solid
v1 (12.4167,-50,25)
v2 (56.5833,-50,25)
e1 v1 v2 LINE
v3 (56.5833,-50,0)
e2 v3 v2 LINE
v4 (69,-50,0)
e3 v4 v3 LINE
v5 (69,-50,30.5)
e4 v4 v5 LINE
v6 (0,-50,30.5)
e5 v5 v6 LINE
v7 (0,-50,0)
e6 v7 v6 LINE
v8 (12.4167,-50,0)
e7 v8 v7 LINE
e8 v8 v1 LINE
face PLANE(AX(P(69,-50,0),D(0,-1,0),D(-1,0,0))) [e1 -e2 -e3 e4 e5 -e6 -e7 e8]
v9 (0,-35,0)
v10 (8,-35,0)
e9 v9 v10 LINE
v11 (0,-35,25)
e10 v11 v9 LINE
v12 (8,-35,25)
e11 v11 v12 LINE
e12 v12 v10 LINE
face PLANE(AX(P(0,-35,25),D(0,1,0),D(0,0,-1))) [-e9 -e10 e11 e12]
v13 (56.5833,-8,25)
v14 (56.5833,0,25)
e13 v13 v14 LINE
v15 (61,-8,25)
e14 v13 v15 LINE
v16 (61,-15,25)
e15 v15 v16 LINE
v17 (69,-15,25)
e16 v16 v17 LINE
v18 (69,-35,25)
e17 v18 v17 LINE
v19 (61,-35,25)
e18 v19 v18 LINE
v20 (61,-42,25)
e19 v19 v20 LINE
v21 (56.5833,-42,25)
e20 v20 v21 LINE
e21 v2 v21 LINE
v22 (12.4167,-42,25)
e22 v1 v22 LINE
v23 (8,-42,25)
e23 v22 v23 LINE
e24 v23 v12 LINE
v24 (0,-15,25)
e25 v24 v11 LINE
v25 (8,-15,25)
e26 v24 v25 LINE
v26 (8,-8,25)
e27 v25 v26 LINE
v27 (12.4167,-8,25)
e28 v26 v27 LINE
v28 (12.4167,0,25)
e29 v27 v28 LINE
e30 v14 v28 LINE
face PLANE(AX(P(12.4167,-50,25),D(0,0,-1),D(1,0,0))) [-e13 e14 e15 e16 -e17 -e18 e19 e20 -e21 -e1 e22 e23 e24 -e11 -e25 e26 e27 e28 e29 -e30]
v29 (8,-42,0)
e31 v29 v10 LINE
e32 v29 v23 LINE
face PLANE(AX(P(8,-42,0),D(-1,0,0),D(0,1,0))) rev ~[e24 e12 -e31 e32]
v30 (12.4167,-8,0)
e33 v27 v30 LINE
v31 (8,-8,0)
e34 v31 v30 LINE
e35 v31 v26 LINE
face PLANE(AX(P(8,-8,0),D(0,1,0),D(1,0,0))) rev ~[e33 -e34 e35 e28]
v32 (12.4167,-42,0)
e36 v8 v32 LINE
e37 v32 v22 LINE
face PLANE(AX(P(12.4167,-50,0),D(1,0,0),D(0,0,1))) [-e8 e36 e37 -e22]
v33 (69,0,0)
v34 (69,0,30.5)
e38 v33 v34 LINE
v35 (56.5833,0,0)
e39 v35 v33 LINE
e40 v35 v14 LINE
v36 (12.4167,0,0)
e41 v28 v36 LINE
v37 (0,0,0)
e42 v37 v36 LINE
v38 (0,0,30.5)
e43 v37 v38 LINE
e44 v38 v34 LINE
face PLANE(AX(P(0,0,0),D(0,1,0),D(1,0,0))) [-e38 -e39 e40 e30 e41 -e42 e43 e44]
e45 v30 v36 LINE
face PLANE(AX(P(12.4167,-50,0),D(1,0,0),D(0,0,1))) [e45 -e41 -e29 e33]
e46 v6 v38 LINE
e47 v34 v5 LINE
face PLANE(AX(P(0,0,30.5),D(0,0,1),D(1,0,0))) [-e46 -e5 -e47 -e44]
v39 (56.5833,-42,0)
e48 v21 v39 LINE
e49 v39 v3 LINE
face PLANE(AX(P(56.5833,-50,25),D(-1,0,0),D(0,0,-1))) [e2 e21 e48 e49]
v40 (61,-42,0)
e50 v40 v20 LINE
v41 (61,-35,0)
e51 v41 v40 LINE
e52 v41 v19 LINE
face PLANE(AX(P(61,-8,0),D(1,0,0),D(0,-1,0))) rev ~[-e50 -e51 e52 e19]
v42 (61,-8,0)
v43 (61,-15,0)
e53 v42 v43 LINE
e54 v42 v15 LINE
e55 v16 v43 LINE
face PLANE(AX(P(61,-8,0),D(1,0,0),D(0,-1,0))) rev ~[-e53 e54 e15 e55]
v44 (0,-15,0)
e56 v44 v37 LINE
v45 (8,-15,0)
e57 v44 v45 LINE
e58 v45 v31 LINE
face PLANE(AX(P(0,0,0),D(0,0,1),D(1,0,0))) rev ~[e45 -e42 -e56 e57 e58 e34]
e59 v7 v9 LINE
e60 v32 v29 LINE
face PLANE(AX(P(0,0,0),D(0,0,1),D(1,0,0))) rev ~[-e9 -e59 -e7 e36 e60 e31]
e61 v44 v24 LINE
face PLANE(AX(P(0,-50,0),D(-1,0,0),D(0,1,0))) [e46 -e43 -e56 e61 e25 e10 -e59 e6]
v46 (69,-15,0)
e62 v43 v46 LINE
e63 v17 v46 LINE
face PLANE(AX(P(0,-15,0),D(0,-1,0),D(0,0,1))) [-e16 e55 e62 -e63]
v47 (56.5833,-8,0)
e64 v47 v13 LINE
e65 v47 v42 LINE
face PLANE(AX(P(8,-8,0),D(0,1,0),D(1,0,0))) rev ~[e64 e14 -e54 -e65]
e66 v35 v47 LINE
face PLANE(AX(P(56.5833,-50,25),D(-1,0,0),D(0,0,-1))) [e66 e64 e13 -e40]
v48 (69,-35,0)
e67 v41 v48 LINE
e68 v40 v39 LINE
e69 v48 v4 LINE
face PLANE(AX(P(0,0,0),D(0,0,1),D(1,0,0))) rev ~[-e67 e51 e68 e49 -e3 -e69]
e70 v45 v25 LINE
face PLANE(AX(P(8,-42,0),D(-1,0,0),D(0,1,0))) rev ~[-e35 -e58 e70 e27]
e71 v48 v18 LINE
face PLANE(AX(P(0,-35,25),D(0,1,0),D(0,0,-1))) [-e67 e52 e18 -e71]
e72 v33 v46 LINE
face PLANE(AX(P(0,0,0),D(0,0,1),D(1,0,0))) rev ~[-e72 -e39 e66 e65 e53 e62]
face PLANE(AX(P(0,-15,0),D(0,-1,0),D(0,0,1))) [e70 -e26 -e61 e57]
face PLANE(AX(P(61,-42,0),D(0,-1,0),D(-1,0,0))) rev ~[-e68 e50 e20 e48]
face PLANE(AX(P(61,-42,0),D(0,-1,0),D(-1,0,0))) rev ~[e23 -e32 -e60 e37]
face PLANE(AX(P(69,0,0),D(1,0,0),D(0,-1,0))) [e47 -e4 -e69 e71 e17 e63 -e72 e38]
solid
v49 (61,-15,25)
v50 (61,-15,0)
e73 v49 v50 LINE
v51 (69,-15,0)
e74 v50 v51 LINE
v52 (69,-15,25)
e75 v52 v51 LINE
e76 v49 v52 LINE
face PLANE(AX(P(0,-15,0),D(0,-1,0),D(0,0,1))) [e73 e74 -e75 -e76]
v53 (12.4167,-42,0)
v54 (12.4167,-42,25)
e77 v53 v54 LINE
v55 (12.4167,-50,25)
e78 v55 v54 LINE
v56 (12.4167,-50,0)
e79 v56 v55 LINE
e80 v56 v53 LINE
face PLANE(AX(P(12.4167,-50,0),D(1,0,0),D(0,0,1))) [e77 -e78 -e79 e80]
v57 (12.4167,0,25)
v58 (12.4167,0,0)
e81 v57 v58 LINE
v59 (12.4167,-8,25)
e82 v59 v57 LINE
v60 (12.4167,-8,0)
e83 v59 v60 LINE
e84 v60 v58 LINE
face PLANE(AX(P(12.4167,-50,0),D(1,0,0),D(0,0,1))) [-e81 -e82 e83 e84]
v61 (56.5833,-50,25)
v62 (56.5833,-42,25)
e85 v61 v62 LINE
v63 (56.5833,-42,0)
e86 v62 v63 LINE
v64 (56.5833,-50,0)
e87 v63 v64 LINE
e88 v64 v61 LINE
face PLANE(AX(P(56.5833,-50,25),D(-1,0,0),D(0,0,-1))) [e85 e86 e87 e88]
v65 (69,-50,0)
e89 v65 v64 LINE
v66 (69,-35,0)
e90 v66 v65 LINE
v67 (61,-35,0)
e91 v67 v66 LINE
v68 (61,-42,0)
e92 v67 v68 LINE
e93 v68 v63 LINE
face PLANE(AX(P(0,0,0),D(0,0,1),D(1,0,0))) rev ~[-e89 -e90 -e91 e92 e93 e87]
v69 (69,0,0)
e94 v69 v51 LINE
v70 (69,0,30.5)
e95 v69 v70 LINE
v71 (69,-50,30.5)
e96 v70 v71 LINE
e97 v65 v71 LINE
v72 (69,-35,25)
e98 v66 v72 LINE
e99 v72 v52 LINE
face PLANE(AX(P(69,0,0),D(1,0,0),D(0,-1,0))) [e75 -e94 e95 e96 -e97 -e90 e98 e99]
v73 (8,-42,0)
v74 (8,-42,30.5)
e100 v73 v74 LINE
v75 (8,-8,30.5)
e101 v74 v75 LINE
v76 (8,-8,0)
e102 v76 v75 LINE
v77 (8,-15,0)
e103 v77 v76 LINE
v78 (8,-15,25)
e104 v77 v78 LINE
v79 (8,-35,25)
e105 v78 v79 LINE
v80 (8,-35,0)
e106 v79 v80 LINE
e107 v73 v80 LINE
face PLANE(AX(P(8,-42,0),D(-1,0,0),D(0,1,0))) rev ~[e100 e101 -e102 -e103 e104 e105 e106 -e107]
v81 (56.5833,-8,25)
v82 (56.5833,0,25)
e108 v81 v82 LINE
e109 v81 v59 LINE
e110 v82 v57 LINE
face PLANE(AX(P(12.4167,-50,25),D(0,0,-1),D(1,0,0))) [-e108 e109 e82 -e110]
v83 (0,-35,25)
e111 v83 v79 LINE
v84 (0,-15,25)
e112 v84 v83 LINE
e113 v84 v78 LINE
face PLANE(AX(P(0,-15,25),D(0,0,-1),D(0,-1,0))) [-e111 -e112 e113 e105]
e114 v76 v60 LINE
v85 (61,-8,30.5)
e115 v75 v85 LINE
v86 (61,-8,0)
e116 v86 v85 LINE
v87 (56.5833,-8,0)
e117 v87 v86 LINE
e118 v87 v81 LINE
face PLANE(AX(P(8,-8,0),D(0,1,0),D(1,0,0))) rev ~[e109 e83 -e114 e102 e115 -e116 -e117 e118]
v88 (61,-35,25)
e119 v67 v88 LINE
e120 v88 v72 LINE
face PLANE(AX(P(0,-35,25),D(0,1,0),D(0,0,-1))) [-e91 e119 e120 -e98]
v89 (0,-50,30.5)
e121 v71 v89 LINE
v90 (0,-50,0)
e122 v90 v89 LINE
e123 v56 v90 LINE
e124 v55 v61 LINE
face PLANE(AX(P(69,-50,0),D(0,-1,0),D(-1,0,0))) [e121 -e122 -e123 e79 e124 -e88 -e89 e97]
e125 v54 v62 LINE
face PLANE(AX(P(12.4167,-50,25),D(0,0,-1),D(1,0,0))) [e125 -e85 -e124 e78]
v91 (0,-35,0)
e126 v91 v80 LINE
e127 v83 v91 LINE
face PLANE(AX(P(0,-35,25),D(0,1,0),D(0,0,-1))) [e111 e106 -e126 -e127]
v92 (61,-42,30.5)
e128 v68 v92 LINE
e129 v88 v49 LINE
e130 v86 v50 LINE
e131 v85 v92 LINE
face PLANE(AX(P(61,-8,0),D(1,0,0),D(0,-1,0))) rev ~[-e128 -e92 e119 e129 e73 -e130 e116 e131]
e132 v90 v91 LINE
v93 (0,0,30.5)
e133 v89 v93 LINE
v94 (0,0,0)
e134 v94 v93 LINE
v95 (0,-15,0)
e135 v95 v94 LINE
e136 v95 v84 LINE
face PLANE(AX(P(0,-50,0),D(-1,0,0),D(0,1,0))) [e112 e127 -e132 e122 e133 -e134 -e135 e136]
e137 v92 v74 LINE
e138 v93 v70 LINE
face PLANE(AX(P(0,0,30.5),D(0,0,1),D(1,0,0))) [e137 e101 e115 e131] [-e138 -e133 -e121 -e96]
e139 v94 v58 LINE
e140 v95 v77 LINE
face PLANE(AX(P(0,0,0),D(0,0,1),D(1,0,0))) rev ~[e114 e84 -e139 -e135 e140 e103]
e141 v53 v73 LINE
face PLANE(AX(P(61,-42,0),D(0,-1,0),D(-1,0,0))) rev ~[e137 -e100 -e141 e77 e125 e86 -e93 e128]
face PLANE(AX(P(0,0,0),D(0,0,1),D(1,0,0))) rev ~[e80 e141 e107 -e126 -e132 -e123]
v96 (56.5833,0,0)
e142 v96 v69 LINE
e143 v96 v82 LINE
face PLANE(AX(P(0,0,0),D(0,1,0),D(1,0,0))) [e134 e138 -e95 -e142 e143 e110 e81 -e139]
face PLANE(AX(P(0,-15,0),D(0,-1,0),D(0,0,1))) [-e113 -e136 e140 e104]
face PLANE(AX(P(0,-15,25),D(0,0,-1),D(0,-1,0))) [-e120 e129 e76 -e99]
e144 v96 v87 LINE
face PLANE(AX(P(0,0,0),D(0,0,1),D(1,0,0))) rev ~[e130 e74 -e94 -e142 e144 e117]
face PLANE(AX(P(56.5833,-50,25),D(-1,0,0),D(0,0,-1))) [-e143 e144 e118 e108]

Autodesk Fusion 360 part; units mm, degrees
sketch "Sketch1" plane through (0, 0, 0) normal (0, 0, 1) x (1, 0, 0)
  line L0 (0, 0) -> (69, 0)
  line L1 (69, 0) -> (69, -50)
  line L2 (69, -50) -> (0, -50)
  line L3 (0, -50) -> (0, 0)
  line L4 (8, -8) -> (61, -8)
  line L5 (61, -8) -> (61, -42)
  line L6 (61, -42) -> (8, -42)
  line L7 (8, -42) -> (8, -8)
  dimension "d7" = 69
  dimension "d8" = 50
  dimension "d15" = 34
  dimension "d16" = 53
  dimension "d17" = 8
  dimension "d18" = 8
extrude "Extrude2" add sketch "Sketch1" along normal blind 30.5 makes body 1
extrude "Extrude1" add sketch "Sketch1" along normal blind 30.5 separate body contours L0 L1 L2 L3 | L4 L5 L6 L7 makes body 2
extrude "Extrude3" cut sketch "Sketch1" along normal blind 25 contours L4 L5 L6 L7 bodies 2
sketch "Sketch3" plane through (0, -50, 0) normal (0, -1, 0) x (1, 0, 0)
  line L0 (0, 0) -> (69, 0)
  line L1 (69, 0) -> (69, 30.5)
  line L2 (69, 30.5) -> (0, 30.5)
  line L3 (0, 30.5) -> (0, 0)
  line L4 (12.4167, 25) -> (56.5833, 25)
  line L5 (56.5833, 25) -> (56.5833, -5.5)
  line L6 (56.5833, -5.5) -> (12.4167, -5.5)
  line L7 (12.4167, -5.5) -> (12.4167, 25)
  dimension "d26" = 44.1667
  dimension "d27" = 30.5
  dimension "d28" = 5.5
  dimension "d32" = 12.4167
extrude "Extrude4" cut sketch "Sketch3" against normal blind 100 contours L0 L4 L5 L7 | L0 L5 L6 L7 bodies 1 2
sketch "Sketch4" plane through (0, 0, 0) normal (-1, 0, 0) x (0, -1, 0)
  line L0 (0, 0) -> (50, 0)
  line L1 (50, 0) -> (50, 30.5)
  line L2 (50, 30.5) -> (0, 30.5)
  line L3 (0, 30.5) -> (0, 0)
  line L4 (15, 25) -> (35, 25)
  line L5 (35, 25) -> (35, 0)
  line L6 (35, 0) -> (15, 0)
  line L7 (15, 0) -> (15, 25)
  line L8 (50, 0) -> (0, 0)
  line L9 (50, -5.5) -> (50, 25)
  dimension "d36" = 20
  dimension "d37" = 25
  dimension "d40" = 15
  dimension "d43" = 5.5
extrude "Extrude5" cut sketch "Sketch4" against normal blind 113 contours L0 L4 L5 L6 L7 L8 bodies 1 2
equation "bottom_thickness = 5.5 mm"
equation "side_thickness = 8 mm"
equation "outer_width = inner_width + 2 * side_thickness"
equation "height = 25 mm + bottom_thickness"
equation "outer_length = inner_length + 2 * side_thickness"
equation "inner_length = 53 mm"
equation "d7 = outer_length"
equation "d8 = outer_width"
equation "d9 = height"
equation "inner_width = 34 mm"
equation "d15 = inner_width"
equation "d16 = inner_length"
equation "d17 = side_thickness"
equation "d18 = side_thickness"
equation "d19 = height"
equation "d21 = height - bottom_thickness"
equation "big_side_gap = 5 * inner_length / 6"
equation "big_side_gap_distance = ( outer_length - big_side_gap ) / 2"
equation "extra = 100 mm"
equation "d26 = big_side_gap"
equation "d27 = height"
equation "d28 = bottom_thickness"
equation "d30 = -extra"
equation "d32 = big_side_gap_distance"
equation "small_side_gap_width = 25 mm"
equation "small_side_gap_length = 20 mm"
equation "small_side_gap_depth = side_thickness + 5 mm"
equation "d36 = small_side_gap_length"
equation "d37 = small_side_gap_width"
equation "small_side_gap_distance = ( outer_width - small_side_gap_length ) / 2"
equation "d40 = small_side_gap_distance"
equation "d41 = -small_side_gap_depth - 100 mm"
equation "d43 = bottom_thickness"
equation "cable_dent = 5 mm"
